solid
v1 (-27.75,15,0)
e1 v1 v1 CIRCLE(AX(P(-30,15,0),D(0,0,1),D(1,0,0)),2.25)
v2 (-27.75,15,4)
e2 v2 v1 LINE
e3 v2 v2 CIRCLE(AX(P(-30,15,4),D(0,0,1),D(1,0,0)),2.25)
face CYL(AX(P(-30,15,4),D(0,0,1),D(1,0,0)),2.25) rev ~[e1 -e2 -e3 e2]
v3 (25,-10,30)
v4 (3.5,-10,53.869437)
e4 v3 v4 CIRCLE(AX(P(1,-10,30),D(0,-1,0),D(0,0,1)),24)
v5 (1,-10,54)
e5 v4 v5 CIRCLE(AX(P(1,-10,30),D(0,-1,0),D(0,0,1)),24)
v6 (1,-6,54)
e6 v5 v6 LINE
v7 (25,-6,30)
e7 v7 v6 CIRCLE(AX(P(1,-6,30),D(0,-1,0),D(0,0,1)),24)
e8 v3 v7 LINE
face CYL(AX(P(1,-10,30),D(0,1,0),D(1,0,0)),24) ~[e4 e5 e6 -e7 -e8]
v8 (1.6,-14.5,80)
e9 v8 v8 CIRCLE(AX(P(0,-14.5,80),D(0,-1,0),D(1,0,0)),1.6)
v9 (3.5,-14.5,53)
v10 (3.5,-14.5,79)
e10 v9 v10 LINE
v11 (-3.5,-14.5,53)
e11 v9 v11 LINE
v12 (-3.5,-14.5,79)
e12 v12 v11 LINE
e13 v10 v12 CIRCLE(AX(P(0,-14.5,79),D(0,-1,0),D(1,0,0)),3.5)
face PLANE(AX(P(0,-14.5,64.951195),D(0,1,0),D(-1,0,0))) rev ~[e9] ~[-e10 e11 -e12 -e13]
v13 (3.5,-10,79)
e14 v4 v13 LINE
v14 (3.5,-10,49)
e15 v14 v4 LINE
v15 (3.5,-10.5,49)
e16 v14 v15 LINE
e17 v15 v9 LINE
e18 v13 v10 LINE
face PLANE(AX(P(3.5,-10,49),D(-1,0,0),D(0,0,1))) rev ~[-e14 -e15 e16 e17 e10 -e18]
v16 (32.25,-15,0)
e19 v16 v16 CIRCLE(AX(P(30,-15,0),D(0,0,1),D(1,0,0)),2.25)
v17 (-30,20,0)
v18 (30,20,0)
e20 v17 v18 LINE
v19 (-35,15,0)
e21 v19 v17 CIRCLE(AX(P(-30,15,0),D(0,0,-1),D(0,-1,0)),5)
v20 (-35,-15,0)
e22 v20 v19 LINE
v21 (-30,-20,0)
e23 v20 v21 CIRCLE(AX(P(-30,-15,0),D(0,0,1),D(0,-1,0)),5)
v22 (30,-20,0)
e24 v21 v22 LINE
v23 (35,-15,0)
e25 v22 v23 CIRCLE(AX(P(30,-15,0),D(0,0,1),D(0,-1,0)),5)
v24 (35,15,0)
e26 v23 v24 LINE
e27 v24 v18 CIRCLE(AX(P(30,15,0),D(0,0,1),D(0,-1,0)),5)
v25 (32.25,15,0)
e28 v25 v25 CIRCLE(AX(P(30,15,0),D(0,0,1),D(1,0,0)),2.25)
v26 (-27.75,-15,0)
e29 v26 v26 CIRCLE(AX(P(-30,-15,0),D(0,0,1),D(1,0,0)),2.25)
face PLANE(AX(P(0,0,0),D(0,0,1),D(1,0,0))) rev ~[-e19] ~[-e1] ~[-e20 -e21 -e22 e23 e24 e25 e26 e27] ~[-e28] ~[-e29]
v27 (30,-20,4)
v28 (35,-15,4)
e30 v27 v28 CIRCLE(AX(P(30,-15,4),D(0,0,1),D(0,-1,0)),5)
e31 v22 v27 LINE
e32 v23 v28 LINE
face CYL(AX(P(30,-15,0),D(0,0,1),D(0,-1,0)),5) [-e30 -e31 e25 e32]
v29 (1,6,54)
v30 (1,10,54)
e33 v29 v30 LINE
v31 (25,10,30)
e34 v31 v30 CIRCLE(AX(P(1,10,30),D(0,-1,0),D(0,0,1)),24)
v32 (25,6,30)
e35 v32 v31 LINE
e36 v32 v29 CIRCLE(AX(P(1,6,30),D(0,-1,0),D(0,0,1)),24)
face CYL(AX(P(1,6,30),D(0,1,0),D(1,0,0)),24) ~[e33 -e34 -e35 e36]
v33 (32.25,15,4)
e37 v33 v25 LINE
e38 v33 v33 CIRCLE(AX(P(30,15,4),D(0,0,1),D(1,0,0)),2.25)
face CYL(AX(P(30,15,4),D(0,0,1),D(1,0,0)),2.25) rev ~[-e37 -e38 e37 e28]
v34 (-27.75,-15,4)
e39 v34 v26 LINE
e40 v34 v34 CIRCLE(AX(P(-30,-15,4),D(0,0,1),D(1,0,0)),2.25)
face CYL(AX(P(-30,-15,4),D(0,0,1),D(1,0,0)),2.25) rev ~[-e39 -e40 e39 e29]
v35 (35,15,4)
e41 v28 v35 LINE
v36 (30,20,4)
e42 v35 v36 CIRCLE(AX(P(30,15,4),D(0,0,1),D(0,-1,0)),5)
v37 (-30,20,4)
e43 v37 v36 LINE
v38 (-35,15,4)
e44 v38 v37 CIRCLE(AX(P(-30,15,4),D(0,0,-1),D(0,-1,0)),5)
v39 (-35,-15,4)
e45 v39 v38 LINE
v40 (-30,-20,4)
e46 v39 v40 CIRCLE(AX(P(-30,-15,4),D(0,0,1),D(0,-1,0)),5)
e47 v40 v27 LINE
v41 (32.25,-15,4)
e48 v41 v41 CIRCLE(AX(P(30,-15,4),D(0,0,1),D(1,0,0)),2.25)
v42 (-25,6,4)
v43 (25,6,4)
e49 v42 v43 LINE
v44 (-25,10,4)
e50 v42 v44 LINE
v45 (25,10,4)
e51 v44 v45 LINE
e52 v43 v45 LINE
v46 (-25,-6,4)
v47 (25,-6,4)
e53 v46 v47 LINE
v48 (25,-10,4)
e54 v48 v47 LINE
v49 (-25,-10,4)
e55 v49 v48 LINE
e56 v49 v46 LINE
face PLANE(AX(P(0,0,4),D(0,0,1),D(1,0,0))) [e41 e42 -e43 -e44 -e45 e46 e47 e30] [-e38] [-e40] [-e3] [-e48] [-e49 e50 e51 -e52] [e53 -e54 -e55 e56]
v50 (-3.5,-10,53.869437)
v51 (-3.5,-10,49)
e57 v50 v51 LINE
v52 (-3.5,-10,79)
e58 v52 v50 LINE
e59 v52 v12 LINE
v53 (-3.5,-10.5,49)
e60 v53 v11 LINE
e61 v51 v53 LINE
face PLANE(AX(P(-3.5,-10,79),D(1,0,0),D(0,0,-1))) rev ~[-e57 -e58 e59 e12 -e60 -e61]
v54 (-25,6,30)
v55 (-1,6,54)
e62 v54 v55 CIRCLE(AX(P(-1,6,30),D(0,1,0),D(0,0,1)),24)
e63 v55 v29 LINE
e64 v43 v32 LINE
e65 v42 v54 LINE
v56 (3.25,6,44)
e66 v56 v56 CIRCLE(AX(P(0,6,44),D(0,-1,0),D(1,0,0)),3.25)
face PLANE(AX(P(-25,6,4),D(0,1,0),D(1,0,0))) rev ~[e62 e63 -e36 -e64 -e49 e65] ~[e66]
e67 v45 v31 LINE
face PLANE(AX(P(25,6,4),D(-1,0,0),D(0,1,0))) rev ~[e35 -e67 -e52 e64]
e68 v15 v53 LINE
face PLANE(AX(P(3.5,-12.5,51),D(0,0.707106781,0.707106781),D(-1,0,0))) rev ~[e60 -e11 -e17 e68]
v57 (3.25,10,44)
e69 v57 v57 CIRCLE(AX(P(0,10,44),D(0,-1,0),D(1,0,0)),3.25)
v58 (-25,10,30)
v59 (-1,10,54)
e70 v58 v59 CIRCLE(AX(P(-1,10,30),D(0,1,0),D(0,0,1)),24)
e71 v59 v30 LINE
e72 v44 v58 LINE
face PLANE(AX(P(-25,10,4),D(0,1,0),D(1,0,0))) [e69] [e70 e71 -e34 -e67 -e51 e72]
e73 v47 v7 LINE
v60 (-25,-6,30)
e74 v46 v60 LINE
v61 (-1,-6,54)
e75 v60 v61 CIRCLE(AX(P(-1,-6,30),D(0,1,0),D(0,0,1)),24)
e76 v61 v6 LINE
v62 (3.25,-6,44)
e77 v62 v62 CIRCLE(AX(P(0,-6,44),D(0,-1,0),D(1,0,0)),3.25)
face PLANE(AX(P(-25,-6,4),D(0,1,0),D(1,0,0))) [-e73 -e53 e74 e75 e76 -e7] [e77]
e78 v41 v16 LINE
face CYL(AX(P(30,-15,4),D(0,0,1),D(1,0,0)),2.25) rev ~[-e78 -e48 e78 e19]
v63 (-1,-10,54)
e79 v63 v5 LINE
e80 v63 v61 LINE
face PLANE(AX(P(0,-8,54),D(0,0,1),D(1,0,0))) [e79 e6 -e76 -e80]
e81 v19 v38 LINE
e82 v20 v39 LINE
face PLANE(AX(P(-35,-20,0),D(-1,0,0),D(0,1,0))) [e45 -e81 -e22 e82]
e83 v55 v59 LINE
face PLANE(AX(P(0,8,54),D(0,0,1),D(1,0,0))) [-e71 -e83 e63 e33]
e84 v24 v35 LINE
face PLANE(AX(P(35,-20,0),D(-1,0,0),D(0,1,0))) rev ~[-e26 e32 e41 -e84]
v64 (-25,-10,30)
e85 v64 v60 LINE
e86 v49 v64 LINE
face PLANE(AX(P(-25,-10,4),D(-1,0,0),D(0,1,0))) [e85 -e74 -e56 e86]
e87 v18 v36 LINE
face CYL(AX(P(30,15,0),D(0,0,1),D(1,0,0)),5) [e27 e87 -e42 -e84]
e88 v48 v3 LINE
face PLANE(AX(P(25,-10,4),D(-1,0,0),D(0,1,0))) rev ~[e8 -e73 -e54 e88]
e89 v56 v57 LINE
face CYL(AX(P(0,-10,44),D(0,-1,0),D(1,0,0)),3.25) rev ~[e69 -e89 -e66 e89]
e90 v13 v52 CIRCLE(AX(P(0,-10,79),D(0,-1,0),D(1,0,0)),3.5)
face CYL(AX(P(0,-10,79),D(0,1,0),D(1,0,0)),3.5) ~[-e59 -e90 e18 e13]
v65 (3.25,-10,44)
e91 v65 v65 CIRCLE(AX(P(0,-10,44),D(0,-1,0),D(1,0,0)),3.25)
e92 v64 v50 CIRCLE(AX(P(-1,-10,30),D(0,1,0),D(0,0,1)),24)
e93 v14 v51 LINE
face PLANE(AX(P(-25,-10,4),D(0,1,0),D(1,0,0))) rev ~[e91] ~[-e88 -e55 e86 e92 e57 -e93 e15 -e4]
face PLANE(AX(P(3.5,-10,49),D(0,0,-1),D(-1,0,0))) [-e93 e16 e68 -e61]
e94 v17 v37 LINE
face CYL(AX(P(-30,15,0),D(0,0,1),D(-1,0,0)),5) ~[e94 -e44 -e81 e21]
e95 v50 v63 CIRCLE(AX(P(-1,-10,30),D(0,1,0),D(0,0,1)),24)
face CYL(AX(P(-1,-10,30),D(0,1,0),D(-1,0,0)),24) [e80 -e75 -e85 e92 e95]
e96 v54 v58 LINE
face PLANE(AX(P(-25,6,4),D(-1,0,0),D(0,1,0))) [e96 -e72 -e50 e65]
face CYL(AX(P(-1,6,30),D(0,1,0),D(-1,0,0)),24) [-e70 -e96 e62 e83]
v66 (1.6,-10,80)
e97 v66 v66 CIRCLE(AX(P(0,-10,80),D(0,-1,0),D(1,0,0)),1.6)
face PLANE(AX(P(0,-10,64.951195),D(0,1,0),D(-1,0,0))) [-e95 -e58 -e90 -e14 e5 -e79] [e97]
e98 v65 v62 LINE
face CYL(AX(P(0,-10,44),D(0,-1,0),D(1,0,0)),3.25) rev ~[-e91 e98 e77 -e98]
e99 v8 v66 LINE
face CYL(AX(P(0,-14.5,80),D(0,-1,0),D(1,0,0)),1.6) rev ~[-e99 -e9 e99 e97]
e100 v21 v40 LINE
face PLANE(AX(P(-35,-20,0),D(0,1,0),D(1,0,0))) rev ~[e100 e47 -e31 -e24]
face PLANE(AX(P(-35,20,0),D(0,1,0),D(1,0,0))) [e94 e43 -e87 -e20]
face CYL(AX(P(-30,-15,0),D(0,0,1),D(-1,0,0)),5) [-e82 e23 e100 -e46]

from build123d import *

# Parameters (mm, degrees)
SKETCH_W        = 70
SKETCH_H        = 40
PAD_DEPTH       = 4
FILLET_R        = 5
SKETCH001_R     = 2.25
POCKET_DEPTH    = 5
SKETCH002_W     = 50
SKETCH002_H     = 4
PAD001_DEPTH    = 50
SKETCH003_R     = 3.25
POCKET001_DEPTH = 30.001
FILLET001_R     = 24
PAD004_DEPTH    = 4.5
CHAMFER_SIZE    = 4
SKETCH007_R     = 1.6
POCKET002_DEPTH = 4.5


with BuildPart() as part:
    # Sketch → Pad (new body)
    with BuildSketch(Plane.XY):
        Rectangle(SKETCH_W, SKETCH_H)
    extrude(amount=PAD_DEPTH)

    # Fillet
    fillet_edges = [part.edges().sort_by_distance(p)[0] for p in [
        (35, -20, 2),
        (35, 20, 2),
        (-35, -20, 2),
        (-35, 20, 2),
    ]]
    fillet(fillet_edges, radius=FILLET_R)

    # Sketch001 (on Face5 of Fillet) → Pocket (cut)
    with BuildSketch(Plane.XY.offset(4)):
        with Locations((-30, 15)):
            Circle(SKETCH001_R)
        with Locations((30, 15)):
            Circle(SKETCH001_R)
        with Locations((30, -15)):
            Circle(SKETCH001_R)
        with Locations((-30, -15)):
            Circle(SKETCH001_R)
    extrude(amount=-POCKET_DEPTH, mode=Mode.SUBTRACT)

    # Sketch002 (on Face5 of Pocket) → Pad001 (join)
    with BuildSketch(Plane.XY.offset(4)):
        with Locations((0, 8)):
            Rectangle(SKETCH002_W, SKETCH002_H)
        with Locations((0, -8)):
            Rectangle(SKETCH002_W, SKETCH002_H)
    extrude(amount=PAD001_DEPTH)

    # Sketch003 (on Face21 of Pad001) → Pocket001 (cut, through all)
    with BuildSketch(Plane.XZ.offset(10)):
        with Locations((0, 44)):
            Circle(SKETCH003_R)
    extrude(amount=-POCKET001_DEPTH, mode=Mode.SUBTRACT)

    # Fillet001
    fillet001_edges = [part.edges().sort_by_distance(p)[0] for p in [
        (-25, 8, 54),
        (-25, -8, 54),
        (25, 8, 54),
        (25, -8, 54),
    ]]
    fillet(fillet001_edges, radius=FILLET001_R)

    # Sketch006 (on Face21 of Fillet001) → Pad004 (join)
    with BuildSketch(Plane.XZ.offset(10)):
        with BuildLine():
            Line((3.5, 49), (-3.5, 49))
            Line((-3.5, 79), (-3.5, 49))
            ThreePointArc((3.5, 79), (0, 82.5), (-3.5, 79))
            Line((3.5, 49), (3.5, 79))
        make_face()
    extrude(amount=PAD004_DEPTH)

    # Chamfer
    chamfer_edges = [part.edges().sort_by_distance(p)[0] for p in [
        (0, -14.5, 49),
    ]]
    chamfer(chamfer_edges, length=CHAMFER_SIZE)

    # Sketch007 (on Face5 of Chamfer) → Pocket002 (cut)
    with BuildSketch(Plane.XZ.offset(14.5)):
        with Locations((0, 80)):
            Circle(SKETCH007_R)
    extrude(amount=-POCKET002_DEPTH, mode=Mode.SUBTRACT)


solid = part.part
